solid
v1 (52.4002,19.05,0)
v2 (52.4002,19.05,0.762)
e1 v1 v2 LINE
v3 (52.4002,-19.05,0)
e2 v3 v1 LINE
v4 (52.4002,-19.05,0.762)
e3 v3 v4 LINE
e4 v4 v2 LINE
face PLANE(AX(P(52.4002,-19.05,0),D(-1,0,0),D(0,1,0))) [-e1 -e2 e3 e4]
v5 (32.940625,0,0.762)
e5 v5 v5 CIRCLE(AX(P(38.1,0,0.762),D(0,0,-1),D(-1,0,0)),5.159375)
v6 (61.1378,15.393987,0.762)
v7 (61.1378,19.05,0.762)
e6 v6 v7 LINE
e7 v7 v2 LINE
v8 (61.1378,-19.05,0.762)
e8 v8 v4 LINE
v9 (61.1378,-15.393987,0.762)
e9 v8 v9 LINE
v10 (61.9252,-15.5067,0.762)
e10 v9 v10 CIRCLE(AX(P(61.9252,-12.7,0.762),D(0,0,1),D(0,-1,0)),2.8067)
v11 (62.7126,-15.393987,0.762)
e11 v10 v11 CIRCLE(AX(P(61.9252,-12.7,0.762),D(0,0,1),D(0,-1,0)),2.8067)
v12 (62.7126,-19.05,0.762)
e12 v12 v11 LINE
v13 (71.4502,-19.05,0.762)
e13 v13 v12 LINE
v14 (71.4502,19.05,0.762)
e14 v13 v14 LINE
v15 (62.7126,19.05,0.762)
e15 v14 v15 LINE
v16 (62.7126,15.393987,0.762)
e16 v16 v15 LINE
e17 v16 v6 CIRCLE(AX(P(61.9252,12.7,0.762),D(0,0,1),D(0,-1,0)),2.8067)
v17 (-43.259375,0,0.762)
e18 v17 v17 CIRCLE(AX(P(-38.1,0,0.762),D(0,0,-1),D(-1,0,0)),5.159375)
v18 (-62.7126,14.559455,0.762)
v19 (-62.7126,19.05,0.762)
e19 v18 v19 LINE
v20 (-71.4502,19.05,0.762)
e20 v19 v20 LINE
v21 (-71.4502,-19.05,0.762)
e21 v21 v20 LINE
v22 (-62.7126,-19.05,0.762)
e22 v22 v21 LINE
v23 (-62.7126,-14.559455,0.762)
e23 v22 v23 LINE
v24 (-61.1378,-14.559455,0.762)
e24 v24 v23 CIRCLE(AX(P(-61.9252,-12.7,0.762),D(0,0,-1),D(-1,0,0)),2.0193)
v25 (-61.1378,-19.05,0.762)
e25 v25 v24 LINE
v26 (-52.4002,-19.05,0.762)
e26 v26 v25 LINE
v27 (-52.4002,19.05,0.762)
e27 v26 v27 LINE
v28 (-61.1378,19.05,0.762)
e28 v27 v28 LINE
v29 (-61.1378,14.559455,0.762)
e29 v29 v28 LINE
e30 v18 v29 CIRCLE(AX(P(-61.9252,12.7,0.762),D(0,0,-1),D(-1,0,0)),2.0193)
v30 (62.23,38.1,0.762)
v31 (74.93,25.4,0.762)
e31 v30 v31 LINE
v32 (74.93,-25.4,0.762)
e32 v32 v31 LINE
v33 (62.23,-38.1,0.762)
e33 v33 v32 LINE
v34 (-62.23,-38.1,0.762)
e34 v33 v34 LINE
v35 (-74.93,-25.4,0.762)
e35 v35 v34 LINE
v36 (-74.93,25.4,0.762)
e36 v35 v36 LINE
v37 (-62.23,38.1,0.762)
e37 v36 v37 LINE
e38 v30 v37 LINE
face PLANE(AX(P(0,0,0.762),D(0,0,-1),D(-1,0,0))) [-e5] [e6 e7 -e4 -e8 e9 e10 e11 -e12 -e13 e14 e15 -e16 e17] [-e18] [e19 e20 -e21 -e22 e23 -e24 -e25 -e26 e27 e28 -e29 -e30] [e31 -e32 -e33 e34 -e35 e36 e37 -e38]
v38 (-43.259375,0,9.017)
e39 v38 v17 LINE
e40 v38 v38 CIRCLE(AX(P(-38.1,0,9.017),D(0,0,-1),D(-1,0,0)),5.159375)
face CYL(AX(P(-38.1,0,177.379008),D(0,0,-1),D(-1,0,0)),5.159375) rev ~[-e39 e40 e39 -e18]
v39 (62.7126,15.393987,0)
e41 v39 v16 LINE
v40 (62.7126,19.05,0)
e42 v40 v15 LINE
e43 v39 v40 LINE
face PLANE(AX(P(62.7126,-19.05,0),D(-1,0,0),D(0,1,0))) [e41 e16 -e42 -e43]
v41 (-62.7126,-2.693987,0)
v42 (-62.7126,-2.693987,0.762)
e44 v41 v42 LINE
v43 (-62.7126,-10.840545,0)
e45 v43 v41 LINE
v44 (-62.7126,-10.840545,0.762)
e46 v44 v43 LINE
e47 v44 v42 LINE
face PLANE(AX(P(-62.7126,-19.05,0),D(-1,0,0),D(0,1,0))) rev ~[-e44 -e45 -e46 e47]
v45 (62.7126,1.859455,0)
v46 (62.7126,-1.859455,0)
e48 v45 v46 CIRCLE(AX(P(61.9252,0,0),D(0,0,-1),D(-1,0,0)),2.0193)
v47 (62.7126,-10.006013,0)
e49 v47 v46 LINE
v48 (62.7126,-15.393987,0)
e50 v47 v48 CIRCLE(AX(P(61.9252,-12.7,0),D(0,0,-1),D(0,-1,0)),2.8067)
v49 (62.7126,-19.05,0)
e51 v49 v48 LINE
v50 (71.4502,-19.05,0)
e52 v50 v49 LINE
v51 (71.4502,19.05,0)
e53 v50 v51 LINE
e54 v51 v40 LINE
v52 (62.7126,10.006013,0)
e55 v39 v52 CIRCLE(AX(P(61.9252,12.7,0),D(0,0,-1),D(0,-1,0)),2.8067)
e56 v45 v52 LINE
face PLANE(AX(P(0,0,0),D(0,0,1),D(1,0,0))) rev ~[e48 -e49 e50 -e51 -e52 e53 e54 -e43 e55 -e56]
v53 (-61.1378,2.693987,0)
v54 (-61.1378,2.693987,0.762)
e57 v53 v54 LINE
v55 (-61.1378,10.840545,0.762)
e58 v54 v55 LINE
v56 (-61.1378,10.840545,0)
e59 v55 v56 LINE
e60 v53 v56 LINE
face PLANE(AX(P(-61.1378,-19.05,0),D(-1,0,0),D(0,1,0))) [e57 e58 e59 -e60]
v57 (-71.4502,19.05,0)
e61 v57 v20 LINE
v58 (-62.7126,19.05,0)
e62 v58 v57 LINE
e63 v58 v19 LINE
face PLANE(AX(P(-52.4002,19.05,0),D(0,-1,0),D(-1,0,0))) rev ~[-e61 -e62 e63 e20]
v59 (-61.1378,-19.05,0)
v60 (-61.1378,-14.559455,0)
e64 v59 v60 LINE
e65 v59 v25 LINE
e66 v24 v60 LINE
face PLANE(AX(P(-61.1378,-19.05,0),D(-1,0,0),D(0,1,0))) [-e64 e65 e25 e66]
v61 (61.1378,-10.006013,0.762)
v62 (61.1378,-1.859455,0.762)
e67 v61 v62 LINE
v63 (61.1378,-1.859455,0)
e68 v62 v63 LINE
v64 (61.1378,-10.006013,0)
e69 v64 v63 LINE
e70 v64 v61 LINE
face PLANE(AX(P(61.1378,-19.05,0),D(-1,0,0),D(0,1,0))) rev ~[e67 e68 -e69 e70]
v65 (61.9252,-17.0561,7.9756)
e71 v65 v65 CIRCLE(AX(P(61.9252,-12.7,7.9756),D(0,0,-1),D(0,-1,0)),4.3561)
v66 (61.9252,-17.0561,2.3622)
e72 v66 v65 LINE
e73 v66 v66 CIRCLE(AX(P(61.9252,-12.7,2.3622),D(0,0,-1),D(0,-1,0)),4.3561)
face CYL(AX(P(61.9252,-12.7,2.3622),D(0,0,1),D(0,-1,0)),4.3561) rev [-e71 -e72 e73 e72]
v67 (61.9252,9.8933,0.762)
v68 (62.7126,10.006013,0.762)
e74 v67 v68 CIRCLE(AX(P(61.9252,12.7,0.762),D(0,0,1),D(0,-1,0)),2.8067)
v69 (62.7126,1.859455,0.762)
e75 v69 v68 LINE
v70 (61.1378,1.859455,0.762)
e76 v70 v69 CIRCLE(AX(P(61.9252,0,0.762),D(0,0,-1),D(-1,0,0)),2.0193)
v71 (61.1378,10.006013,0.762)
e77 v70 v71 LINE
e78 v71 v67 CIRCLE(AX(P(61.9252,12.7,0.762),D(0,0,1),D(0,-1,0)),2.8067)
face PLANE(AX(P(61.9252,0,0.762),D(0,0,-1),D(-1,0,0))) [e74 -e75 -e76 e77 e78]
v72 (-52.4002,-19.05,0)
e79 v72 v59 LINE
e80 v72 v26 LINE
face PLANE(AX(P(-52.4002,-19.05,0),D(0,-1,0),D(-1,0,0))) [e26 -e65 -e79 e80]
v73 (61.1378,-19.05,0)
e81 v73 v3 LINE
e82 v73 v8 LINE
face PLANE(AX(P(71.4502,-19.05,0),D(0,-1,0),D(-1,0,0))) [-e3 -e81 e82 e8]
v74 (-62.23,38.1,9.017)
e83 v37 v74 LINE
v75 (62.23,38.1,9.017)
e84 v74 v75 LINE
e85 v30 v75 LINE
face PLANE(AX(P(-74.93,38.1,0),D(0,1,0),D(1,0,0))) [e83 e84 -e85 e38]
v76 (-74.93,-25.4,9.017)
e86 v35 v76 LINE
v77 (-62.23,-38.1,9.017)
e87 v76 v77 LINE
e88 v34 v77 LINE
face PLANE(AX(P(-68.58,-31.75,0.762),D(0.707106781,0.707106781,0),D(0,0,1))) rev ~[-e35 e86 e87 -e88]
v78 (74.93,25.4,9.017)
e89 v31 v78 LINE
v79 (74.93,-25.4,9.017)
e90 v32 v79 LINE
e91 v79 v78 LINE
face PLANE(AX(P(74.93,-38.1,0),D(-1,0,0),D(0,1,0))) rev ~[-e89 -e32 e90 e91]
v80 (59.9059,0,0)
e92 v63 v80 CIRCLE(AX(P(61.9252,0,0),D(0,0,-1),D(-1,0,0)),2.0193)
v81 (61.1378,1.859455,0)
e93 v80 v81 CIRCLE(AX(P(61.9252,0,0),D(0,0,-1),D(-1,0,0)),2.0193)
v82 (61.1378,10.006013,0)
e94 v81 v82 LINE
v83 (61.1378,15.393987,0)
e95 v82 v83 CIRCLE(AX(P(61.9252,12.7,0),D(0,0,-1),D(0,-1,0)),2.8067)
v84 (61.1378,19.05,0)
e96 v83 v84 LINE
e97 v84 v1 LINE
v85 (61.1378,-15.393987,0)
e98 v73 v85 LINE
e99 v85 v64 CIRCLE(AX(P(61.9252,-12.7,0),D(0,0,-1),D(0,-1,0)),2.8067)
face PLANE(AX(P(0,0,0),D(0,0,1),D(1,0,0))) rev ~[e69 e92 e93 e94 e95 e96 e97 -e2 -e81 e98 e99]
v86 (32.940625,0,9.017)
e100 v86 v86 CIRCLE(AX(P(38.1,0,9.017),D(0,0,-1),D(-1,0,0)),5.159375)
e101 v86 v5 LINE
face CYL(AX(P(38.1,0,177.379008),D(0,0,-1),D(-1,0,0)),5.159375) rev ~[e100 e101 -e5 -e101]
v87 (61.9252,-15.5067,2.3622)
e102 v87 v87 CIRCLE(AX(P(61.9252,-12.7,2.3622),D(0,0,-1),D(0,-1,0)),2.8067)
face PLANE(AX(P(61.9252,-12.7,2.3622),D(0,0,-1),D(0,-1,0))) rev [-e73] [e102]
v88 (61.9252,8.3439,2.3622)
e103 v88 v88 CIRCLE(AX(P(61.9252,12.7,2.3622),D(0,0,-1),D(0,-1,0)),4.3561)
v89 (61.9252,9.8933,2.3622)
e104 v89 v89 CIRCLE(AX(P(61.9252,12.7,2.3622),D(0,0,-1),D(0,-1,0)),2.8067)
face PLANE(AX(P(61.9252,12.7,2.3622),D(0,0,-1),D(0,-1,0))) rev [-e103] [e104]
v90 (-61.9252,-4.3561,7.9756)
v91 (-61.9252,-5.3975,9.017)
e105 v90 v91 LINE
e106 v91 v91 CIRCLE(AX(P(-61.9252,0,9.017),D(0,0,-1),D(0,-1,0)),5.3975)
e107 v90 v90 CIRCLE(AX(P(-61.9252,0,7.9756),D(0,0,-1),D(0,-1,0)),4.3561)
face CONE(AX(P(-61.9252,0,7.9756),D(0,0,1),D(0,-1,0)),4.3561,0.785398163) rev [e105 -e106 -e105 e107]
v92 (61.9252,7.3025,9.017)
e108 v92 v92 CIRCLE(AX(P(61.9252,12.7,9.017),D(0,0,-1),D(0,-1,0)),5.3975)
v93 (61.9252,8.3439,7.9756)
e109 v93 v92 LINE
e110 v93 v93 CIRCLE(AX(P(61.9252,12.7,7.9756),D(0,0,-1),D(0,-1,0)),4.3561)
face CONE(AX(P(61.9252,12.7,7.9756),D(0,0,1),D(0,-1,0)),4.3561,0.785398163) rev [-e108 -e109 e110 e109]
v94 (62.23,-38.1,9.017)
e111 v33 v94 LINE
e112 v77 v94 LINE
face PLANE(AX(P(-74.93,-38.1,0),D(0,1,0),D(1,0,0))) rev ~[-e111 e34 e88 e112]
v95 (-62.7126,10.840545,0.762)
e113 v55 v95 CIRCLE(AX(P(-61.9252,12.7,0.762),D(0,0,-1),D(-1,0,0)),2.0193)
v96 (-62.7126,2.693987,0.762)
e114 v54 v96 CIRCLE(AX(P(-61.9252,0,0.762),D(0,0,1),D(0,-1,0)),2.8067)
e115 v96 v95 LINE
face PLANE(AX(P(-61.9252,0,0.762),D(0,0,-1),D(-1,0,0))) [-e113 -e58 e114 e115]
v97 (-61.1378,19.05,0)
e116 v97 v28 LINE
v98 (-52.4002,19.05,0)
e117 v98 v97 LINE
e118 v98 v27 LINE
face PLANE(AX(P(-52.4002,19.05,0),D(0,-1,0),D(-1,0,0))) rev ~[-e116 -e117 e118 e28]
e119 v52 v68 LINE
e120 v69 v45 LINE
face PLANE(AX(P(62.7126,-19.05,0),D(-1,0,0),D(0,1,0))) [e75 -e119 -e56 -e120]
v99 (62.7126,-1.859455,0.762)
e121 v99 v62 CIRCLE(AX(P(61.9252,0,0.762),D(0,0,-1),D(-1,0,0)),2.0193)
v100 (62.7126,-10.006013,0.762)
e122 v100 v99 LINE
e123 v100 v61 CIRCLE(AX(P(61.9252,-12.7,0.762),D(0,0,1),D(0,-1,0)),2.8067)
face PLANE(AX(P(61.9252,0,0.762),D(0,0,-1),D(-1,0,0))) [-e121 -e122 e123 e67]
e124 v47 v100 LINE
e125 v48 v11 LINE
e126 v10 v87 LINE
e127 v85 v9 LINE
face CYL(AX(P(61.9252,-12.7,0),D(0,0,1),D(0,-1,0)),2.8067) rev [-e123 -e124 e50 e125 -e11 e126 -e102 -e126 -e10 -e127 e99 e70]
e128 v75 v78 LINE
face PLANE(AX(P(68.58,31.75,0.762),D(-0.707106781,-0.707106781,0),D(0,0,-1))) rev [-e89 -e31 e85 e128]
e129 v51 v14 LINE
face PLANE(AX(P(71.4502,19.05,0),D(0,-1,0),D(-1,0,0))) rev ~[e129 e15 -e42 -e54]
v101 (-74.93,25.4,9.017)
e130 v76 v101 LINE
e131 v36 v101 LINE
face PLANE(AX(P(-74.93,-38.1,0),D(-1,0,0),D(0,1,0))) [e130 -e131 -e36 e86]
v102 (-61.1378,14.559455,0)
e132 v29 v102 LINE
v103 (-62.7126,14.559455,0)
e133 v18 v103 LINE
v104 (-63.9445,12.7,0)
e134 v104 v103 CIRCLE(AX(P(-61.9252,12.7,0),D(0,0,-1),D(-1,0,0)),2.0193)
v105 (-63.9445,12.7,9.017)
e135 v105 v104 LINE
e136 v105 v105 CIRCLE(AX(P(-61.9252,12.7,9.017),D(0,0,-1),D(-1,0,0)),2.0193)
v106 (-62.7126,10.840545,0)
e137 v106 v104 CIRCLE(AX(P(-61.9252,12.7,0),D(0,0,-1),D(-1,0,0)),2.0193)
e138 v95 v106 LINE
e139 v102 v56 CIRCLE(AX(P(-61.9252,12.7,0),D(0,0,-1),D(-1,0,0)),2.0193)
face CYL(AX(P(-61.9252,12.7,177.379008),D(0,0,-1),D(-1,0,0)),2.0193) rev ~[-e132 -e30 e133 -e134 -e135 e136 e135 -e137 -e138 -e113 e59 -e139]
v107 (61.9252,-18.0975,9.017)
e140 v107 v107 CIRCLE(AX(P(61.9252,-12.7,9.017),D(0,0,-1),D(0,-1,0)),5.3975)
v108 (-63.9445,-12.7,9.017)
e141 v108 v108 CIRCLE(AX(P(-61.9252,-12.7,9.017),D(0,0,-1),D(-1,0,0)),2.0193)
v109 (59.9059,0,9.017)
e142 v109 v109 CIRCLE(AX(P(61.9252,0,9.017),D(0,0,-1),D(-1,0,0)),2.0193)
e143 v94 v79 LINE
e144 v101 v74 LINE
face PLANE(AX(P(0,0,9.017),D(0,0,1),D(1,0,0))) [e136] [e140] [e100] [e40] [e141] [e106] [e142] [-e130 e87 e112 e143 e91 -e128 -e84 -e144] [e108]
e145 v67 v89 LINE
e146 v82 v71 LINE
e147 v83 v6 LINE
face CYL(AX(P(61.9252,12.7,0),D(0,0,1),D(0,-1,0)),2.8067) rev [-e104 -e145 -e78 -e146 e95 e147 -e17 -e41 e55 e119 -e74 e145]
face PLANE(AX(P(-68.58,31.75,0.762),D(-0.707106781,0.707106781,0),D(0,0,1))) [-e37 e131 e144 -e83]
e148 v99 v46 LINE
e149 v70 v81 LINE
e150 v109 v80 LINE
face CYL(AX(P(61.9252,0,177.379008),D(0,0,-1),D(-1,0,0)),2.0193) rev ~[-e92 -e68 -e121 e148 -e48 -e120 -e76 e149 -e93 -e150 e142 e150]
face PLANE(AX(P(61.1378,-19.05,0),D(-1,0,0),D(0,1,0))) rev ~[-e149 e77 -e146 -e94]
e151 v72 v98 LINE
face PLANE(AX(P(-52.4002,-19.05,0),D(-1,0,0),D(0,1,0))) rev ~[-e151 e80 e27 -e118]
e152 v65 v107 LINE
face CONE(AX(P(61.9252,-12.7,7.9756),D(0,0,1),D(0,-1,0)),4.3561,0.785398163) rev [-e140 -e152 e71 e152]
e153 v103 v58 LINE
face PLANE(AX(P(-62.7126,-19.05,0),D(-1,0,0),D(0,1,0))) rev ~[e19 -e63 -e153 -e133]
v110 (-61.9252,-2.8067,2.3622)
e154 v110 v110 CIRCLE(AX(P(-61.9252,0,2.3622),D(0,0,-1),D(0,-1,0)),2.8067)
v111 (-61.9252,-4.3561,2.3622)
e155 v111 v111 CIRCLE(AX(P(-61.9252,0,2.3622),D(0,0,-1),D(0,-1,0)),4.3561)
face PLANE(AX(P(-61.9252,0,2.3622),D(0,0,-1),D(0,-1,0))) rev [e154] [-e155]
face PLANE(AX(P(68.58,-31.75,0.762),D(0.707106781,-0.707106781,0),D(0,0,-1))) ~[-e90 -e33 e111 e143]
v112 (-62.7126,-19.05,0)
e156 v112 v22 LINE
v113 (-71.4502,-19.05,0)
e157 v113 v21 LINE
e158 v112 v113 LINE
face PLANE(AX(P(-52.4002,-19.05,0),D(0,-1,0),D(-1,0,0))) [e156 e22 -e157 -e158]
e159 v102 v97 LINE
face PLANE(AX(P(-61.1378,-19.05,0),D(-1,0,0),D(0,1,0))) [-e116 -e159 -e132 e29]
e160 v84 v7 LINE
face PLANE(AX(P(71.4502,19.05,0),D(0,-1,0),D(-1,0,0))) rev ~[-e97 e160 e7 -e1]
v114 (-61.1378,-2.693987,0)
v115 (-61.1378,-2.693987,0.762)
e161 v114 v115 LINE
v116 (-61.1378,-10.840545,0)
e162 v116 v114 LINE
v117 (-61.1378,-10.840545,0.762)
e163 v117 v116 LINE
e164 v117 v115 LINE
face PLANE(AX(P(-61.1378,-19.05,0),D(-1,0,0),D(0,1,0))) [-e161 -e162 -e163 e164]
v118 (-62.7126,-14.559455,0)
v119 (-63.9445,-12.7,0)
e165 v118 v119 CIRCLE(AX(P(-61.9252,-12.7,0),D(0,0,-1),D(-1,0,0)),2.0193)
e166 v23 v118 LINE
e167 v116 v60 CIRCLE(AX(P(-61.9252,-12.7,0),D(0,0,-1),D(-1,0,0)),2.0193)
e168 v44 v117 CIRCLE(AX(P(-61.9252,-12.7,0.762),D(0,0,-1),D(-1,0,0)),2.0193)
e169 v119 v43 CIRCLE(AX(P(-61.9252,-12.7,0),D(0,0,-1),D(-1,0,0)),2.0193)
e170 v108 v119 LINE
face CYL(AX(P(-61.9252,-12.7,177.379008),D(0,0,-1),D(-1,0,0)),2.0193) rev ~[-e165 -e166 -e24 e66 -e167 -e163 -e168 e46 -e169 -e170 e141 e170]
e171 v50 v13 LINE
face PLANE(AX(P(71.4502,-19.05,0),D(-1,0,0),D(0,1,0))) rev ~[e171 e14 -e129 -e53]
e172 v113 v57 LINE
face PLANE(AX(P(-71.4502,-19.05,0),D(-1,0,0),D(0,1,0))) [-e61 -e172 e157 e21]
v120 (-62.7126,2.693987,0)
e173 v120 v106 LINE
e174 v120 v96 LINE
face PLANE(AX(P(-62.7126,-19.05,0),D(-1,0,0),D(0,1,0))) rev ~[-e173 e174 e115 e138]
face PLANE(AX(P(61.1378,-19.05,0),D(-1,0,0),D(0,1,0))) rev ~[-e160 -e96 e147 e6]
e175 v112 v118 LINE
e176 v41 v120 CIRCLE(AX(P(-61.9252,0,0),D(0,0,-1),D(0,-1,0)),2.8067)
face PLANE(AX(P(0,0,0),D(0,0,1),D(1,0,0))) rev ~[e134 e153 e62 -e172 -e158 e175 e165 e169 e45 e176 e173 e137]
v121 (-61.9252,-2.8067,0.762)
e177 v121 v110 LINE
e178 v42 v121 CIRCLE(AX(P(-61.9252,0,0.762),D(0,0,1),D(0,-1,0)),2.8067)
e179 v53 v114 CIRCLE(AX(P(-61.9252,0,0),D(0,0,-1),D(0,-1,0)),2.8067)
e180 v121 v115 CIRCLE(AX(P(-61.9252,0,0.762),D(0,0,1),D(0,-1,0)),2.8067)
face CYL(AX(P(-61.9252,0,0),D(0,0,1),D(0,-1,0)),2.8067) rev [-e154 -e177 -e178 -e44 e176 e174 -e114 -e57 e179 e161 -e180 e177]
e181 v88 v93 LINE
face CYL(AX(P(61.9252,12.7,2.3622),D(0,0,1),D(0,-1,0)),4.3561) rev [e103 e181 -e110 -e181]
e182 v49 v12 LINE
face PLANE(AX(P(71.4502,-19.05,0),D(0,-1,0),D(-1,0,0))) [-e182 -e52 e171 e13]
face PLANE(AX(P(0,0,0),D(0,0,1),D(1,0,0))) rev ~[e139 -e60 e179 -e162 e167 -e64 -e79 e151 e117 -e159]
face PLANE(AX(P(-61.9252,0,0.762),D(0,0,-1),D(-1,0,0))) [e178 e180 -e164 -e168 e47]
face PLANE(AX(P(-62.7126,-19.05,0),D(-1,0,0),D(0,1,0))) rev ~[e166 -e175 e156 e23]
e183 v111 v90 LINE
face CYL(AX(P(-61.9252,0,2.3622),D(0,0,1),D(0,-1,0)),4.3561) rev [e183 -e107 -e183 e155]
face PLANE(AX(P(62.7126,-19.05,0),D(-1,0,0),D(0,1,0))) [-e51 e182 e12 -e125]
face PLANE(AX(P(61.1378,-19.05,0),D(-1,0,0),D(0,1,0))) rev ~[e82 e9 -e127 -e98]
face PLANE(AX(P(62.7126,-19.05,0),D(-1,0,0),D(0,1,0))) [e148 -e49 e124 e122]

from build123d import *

# Parameters (mm, degrees)
SKETCH1_W                                    = 149.86
SKETCH1_H                                    = 76.2
EXTRUDE1_DEPTH                               = 9.017
SKETCH2_W                                    = 149.86
SKETCH2_H                                    = 76.2
SKETCH2_W_2                                  = 19.05
SKETCH2_H_2                                  = 38.1
CUT_EXTRUDE1_DEPTH                           = 0.762
F_10_32_TAPPED_HOLE1_D                       = 4.0386
CBORE_FOR_10_SOCKET_HEAD_CAP_SCREW1_AT_COUNT = 2
CBORE_FOR_10_SOCKET_HEAD_CAP_SCREW1_AT_PITCH = 124.499845703
CBORE_FOR_10_SOCKET_HEAD_CAP_SCREW1_2_COUNT  = 2
CBORE_FOR_10_SOCKET_HEAD_CAP_SCREW1_2_PITCH  = 25.4
CHAMFER1_SIZE                                = 12.7
SKETCH7_W                                    = 1.5748
SKETCH7_H                                    = 38.1
CUT_EXTRUDE2_DEPTH                           = 0.762
F_13_32_0_40625_DIAMETER_HOLE1_D             = 10.31875


with BuildPart() as part:
    # Sketch1 → Extrude1 (new body)
    with BuildSketch(Plane.XY):
        Rectangle(SKETCH1_W, SKETCH1_H)
    extrude(amount=EXTRUDE1_DEPTH)

    # Sketch2 → Cut-Extrude1 (cut)
    with BuildSketch(Plane(origin=(0, 0, 0), x_dir=(-1, 0, 0), z_dir=(0, 0, -1))):
        Rectangle(SKETCH2_W, SKETCH2_H)
        with Locations((-61.9252, 0)):
            Rectangle(SKETCH2_W_2, SKETCH2_H_2, mode=Mode.SUBTRACT)
        with Locations((61.9252, 0)):
            Rectangle(SKETCH2_W_2, SKETCH2_H_2, mode=Mode.SUBTRACT)
    extrude(amount=-CUT_EXTRUDE1_DEPTH, mode=Mode.SUBTRACT)

    # #10-32 Tapped Hole1 (through all)
    with Locations(Plane.XY.offset(9.017)):
        with Locations((61.9252, 0), (-61.9252, -12.7), (-61.9252, 12.7)):
            Hole(F_10_32_TAPPED_HOLE1_D / 2)

    # Sketch5 → CBORE for #10 Socket Head Cap Screw1 (revolve, cut)
    with BuildSketch(Plane(origin=(61.9252, -12.7, 9.017), x_dir=(0, -1, 0), z_dir=(1, 0, 0))):
        Polygon((0, 0), (0, 9.017), (2.8067, 9.017), (2.8067, 6.6548), (4.3561, 6.6548), (4.3561, 1.0414), (5.3975, 0), align=None)
    cbore_for_10_socket_head_cap_screw1 = revolve(axis=Axis((61.9252, -12.7, 15.367), (0, 0, -1)), mode=Mode.SUBTRACT)

    # CBORE for #10 Socket Head Cap Screw1 at: CBORE for #10 Socket Head Cap Screw1 ×2
    with Locations(*[Vector(-0.994783562, 0.102008159, 0) * (i * CBORE_FOR_10_SOCKET_HEAD_CAP_SCREW1_AT_PITCH) for i in range(1, CBORE_FOR_10_SOCKET_HEAD_CAP_SCREW1_AT_COUNT)]):
        add(cbore_for_10_socket_head_cap_screw1, mode=Mode.SUBTRACT)

    # CBORE for _10 Socket Head Cap Screw1 2: CBORE for #10 Socket Head Cap Screw1 ×2
    with Locations(*[(0, i * CBORE_FOR_10_SOCKET_HEAD_CAP_SCREW1_2_PITCH, 0) for i in range(1, CBORE_FOR_10_SOCKET_HEAD_CAP_SCREW1_2_COUNT)]):
        add(cbore_for_10_socket_head_cap_screw1, mode=Mode.SUBTRACT)

    # Chamfer1
    chamfer1_edges = [part.edges().sort_by_distance(p)[0] for p in [
        (74.93, -38.1, 4.8895),
        (-74.93, -38.1, 4.8895),
        (-74.93, 38.1, 4.8895),
        (74.93, 38.1, 4.8895),
    ]]
    chamfer(chamfer1_edges, length=CHAMFER1_SIZE)

    # Sketch7 → Cut-Extrude2 (cut)
    with BuildSketch(Plane(origin=(0, 0, 0), x_dir=(-1, 0, 0), z_dir=(0, 0, -1))):
        with Locations((61.9252, 0)):
            Rectangle(SKETCH7_W, SKETCH7_H)
        with Locations((-61.9252, 0)):
            Rectangle(SKETCH7_W, SKETCH7_H)
    extrude(amount=-CUT_EXTRUDE2_DEPTH, mode=Mode.SUBTRACT)

    # 13/32 (0.40625) Diameter Hole1 (through all)
    with Locations(Plane.XY.offset(9.017)):
        with Locations((38.1, 0), (-38.1, 0)):
            Hole(F_13_32_0_40625_DIAMETER_HOLE1_D / 2)


solid = part.part
